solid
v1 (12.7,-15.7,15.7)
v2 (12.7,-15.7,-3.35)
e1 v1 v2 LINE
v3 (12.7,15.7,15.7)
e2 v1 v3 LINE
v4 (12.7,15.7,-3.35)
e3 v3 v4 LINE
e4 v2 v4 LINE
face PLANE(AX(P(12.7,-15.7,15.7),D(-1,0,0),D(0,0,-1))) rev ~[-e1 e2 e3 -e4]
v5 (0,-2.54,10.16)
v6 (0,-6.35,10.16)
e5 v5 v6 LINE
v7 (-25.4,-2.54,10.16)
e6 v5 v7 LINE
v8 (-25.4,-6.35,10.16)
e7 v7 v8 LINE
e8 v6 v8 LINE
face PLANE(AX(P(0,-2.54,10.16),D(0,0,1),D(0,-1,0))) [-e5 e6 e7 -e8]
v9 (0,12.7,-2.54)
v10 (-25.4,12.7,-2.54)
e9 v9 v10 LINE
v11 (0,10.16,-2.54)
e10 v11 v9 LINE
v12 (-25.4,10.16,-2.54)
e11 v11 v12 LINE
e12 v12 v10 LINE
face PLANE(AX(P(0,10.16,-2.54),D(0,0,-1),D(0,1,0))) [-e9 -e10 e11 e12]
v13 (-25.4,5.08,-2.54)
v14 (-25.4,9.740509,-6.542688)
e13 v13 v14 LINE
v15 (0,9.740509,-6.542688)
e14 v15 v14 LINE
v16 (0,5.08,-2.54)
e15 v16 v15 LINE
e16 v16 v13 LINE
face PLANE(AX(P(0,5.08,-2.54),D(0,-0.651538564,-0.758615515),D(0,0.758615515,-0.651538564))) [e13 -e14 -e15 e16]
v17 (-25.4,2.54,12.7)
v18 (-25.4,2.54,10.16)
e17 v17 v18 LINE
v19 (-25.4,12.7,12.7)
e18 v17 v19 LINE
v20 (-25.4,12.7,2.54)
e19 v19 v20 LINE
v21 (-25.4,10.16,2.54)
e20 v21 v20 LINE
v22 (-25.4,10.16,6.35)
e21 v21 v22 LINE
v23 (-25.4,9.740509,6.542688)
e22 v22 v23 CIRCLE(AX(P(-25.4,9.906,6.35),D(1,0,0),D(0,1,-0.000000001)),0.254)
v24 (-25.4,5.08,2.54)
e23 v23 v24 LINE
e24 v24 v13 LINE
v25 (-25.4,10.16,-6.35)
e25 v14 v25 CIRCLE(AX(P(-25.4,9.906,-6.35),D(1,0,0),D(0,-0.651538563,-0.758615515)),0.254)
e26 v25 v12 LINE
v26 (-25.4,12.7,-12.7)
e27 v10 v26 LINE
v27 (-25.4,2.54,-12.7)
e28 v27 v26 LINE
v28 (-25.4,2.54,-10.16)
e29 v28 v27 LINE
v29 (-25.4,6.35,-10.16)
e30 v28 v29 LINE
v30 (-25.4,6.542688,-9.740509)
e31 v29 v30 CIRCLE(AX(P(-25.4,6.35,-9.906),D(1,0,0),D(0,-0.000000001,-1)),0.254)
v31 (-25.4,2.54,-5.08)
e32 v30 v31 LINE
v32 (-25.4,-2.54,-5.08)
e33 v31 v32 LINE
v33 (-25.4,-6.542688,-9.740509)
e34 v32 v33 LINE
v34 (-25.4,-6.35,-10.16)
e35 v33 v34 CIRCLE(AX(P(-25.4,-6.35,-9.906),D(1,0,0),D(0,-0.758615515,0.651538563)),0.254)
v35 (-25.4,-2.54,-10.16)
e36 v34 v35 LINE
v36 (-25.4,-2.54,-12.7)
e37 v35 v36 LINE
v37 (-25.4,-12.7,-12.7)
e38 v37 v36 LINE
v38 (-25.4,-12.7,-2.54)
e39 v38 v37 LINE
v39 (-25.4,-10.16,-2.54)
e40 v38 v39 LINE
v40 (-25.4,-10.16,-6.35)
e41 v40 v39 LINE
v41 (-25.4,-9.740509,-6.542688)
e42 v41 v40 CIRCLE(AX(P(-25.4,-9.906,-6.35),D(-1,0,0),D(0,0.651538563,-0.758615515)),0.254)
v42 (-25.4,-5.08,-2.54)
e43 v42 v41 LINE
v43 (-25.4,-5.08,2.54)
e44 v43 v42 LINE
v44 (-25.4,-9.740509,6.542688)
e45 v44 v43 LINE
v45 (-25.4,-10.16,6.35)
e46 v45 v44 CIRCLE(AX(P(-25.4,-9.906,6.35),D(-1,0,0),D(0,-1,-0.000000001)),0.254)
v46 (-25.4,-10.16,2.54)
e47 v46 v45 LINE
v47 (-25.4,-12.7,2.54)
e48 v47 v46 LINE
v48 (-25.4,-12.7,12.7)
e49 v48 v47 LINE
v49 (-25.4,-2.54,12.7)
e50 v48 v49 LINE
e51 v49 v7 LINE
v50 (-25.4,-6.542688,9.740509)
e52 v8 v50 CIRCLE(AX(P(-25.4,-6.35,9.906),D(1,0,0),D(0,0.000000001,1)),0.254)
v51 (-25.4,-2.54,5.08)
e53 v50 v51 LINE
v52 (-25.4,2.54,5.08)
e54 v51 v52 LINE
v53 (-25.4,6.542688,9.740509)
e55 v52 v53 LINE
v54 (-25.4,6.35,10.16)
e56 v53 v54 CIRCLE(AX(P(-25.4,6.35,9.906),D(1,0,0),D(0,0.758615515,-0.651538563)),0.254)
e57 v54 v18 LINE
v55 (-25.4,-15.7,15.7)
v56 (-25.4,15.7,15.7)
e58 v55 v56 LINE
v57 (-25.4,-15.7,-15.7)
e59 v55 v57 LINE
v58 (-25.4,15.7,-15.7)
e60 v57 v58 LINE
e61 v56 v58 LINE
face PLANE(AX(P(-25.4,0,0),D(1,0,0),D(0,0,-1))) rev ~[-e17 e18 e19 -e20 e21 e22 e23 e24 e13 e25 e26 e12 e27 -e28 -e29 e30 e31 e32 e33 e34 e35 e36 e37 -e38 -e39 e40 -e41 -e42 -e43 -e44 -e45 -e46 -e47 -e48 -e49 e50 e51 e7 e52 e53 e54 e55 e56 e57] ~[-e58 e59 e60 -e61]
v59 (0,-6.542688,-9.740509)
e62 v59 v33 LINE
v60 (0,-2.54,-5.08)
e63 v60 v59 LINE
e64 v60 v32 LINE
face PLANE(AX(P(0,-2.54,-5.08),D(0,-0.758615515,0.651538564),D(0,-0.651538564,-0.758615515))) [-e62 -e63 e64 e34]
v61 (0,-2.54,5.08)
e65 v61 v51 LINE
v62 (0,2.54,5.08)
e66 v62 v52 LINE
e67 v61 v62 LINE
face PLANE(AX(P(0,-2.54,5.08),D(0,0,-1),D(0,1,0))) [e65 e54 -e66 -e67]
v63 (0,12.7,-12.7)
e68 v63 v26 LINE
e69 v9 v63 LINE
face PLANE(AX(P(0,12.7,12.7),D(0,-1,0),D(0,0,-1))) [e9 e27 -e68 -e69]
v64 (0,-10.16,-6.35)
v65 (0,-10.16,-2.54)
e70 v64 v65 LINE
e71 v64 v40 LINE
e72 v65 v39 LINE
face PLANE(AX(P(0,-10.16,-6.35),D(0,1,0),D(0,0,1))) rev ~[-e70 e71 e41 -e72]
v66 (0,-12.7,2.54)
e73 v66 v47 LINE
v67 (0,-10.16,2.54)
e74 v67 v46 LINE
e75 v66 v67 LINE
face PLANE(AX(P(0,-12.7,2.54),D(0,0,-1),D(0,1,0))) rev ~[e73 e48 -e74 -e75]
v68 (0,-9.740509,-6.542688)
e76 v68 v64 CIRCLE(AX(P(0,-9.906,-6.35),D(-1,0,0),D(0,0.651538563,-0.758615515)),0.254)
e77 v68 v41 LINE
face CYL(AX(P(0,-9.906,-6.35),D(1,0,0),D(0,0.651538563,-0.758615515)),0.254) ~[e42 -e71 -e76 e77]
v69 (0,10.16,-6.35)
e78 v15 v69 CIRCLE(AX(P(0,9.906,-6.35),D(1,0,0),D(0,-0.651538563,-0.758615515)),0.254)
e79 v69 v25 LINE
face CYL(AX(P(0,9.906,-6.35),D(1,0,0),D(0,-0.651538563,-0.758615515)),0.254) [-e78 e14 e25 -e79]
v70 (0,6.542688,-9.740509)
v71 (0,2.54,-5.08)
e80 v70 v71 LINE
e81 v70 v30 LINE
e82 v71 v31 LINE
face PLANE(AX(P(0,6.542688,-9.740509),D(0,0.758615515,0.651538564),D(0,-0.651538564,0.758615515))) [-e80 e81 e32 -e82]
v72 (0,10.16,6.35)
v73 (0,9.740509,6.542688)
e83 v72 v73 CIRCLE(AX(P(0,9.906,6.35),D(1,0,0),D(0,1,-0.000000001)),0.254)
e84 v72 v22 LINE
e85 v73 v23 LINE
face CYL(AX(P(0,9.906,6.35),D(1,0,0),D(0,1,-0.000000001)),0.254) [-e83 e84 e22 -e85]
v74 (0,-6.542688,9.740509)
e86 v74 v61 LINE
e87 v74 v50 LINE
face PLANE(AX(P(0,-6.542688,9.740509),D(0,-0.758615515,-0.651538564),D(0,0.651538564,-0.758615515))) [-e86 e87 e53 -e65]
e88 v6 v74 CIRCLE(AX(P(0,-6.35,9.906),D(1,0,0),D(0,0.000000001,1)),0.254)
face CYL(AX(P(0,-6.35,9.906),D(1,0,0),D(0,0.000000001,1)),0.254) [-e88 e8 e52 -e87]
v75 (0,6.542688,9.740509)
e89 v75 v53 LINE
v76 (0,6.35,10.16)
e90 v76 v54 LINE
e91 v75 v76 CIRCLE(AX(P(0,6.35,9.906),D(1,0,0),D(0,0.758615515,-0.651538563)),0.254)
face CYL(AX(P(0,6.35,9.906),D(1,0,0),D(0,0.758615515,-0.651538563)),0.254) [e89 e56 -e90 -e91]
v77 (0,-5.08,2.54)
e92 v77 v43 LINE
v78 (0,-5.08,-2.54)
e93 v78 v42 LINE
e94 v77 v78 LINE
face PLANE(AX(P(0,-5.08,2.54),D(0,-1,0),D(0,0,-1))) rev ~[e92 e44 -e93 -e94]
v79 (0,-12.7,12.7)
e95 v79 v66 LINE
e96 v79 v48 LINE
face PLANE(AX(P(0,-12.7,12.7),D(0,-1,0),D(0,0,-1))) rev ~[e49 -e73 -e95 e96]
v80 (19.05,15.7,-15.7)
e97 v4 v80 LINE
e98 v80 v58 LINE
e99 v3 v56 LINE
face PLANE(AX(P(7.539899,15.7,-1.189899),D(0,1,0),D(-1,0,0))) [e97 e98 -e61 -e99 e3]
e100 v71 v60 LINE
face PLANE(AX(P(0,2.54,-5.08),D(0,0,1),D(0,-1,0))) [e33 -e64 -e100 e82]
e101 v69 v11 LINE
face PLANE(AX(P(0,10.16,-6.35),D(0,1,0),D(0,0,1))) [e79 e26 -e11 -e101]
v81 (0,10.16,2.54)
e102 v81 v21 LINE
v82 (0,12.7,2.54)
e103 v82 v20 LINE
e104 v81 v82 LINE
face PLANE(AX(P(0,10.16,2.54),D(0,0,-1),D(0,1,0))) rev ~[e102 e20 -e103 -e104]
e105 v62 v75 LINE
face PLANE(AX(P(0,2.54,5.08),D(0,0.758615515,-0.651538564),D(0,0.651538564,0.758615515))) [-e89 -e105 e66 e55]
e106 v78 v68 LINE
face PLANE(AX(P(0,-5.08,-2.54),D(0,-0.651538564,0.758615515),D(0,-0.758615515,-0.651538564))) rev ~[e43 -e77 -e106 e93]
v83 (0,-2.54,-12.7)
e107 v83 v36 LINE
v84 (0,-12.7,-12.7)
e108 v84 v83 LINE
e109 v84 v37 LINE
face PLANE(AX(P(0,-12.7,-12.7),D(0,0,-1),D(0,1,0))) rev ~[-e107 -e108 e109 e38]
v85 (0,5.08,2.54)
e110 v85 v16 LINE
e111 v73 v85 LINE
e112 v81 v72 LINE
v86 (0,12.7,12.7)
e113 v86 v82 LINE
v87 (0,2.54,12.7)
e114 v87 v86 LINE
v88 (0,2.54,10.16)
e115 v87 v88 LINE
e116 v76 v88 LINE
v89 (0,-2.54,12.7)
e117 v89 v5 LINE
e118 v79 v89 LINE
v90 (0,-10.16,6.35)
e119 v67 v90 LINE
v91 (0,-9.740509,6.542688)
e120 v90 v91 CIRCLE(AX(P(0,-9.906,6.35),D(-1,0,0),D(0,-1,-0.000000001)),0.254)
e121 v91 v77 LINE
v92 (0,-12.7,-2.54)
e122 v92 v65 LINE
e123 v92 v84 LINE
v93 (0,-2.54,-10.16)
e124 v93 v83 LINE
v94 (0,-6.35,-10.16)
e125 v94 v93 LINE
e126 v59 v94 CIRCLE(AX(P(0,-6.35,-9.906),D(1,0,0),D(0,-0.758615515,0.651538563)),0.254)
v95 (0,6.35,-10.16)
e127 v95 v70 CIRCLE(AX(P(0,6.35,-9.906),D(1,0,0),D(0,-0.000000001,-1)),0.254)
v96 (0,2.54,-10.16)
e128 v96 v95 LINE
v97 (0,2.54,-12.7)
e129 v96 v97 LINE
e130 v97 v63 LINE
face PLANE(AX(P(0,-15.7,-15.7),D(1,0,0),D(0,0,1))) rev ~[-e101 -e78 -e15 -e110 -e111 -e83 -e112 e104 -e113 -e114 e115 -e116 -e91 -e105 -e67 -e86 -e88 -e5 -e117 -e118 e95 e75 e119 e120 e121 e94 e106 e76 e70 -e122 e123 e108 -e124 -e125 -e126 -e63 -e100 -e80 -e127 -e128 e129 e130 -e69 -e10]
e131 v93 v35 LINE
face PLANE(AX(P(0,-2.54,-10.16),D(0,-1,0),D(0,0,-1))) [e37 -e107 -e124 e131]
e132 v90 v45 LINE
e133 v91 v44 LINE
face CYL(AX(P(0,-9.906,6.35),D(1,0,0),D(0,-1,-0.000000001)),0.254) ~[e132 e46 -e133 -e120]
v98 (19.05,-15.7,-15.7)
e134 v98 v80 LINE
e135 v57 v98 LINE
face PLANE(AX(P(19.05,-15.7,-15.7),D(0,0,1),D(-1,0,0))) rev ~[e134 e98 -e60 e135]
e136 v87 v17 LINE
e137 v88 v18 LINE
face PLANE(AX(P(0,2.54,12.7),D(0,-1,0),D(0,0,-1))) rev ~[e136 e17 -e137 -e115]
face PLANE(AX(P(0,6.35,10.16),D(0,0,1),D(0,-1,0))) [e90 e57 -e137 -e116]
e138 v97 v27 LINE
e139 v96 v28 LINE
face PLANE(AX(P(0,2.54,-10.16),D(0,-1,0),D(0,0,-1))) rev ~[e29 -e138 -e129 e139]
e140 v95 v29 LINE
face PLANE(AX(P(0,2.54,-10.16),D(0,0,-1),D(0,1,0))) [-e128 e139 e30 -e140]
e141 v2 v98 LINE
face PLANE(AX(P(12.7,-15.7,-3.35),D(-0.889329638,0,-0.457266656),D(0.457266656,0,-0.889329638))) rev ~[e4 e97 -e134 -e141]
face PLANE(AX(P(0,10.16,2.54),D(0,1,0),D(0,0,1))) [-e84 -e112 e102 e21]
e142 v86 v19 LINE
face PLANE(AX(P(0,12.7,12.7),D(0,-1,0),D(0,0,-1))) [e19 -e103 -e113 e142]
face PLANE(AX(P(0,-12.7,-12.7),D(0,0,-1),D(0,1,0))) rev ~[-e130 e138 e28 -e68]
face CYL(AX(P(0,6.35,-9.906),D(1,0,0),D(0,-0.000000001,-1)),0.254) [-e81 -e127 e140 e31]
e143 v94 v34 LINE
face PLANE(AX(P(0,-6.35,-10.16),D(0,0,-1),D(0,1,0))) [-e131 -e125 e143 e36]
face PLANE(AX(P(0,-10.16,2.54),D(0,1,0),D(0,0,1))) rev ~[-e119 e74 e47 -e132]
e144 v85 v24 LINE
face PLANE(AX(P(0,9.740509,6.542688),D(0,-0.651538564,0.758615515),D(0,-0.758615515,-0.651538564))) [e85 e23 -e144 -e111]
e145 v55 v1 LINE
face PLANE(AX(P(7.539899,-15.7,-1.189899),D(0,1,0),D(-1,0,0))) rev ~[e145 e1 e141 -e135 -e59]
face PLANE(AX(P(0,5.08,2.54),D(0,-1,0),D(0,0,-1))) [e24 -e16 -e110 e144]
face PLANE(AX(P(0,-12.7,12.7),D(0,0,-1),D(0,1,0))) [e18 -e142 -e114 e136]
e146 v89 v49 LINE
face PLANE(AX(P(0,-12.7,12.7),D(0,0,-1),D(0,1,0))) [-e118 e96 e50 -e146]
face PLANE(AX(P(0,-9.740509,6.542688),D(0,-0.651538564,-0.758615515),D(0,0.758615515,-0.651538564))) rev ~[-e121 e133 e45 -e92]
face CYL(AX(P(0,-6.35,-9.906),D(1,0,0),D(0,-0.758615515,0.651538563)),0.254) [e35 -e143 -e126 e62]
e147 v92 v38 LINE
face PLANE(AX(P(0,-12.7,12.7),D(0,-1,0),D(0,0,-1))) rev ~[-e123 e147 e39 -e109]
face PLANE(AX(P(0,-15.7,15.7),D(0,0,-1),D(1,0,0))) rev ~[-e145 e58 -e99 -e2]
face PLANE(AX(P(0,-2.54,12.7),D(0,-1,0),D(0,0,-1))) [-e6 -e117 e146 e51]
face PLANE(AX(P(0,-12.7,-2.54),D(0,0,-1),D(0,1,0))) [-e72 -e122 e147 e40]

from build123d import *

# Parameters (mm, degrees)
SKETCH10_W          = 2.54
SKETCH10_H          = 5.08
SKETCH10_W_2        = 5.08
SKETCH10_H_2        = 2.54
BOSS_EXTRUDE3_DEPTH = 25.4
SKETCH11_W          = 31.4
SKETCH11_H          = 31.4
SKETCH11_W_2        = 25.4
SKETCH11_H_2        = 25.4
BOSS_EXTRUDE5_DEPTH = 25.4
BOSS_EXTRUDE6_DEPTH = 31.4


with BuildPart() as part:
    # Sketch10 → Boss-Extrude3 (new body)
    with BuildSketch(Plane(origin=(0, 0, 0), x_dir=(0, 0, -1), z_dir=(1, 0, 0))):
        with Locations((-11.43, 0)):
            Rectangle(SKETCH10_W, SKETCH10_H)
        with BuildLine():
            Line((-5.08, 2.54), (-9.740509205, 6.542688341))
            ThreePointArc((-9.740509205, 6.542688341), (-10.012022021, 6.580814495), (-10.16, 6.35))
            Line((-10.16, 6.35), (-10.16, -6.35))
            ThreePointArc((-10.16, -6.35), (-10.012022021, -6.580814495), (-9.740509205, -6.542688341))
            Line((-9.740509205, -6.542688341), (-5.08, -2.54))
            Line((-5.08, -2.54), (-5.08, 2.54))
        make_face()
        with BuildLine():
            Line((6.35, 10.16), (-6.35, 10.16))
            ThreePointArc((-6.35, 10.16), (-6.580814495, 10.012022021), (-6.542688341, 9.740509205))
            Line((-6.542688341, 9.740509205), (-2.54, 5.08))
            Line((-2.54, 5.08), (2.54, 5.08))
            Line((2.54, 5.08), (6.542688341, 9.740509205))
            ThreePointArc((6.542688341, 9.740509205), (6.580814495, 10.012022021), (6.35, 10.16))
        make_face()
        with Locations((0, 11.43)):
            Rectangle(SKETCH10_W_2, SKETCH10_H_2)
        with BuildLine():
            ThreePointArc((6.542688341, -9.740509205), (6.580814495, -10.012022021), (6.35, -10.16))
            Line((6.35, -10.16), (-6.35, -10.16))
            ThreePointArc((-6.35, -10.16), (-6.580814495, -10.012022021), (-6.542688341, -9.740509205))
            Line((-6.542688341, -9.740509205), (-2.54, -5.08))
            Line((-2.54, -5.08), (2.54, -5.08))
            Line((2.54, -5.08), (6.542688341, -9.740509205))
        make_face()
        with Locations((0, -11.43)):
            Rectangle(SKETCH10_W_2, SKETCH10_H_2)
        with BuildLine():
            Line((5.08, 2.54), (5.08, -2.54))
            Line((5.08, -2.54), (9.740509205, -6.542688341))
            ThreePointArc((9.740509205, -6.542688341), (10.012022021, -6.580814495), (10.16, -6.35))
            Line((10.16, -6.35), (10.16, -2.54))
            Line((10.16, -2.54), (10.16, 2.54))
            Line((10.16, 2.54), (10.16, 6.35))
            ThreePointArc((10.16, 6.35), (10.012022021, 6.580814495), (9.740509205, 6.542688341))
            Line((9.740509205, 6.542688341), (5.08, 2.54))
        make_face()
        with Locations((11.43, 0)):
            Rectangle(SKETCH10_W, SKETCH10_H)
    extrude(amount=-BOSS_EXTRUDE3_DEPTH)

    # Sketch11 → Boss-Extrude5 (add, through all)
    with BuildSketch(Plane(origin=(0, 0, 0), x_dir=(0, 0, -1), z_dir=(1, 0, 0))):
        Rectangle(SKETCH11_W, SKETCH11_H)
        Rectangle(SKETCH11_W_2, SKETCH11_H_2, mode=Mode.SUBTRACT)
    extrude(amount=-BOSS_EXTRUDE5_DEPTH)

    # Sketch13 → Boss-Extrude6 (add, through all)
    with BuildSketch(Plane.XZ.offset(15.7)):
        Polygon((0, 15.7), (12.7, 15.7), (12.7, -3.35), (19.05, -15.7), (0, -15.7), align=None)
    extrude(amount=-BOSS_EXTRUDE6_DEPTH)


solid = part.part
